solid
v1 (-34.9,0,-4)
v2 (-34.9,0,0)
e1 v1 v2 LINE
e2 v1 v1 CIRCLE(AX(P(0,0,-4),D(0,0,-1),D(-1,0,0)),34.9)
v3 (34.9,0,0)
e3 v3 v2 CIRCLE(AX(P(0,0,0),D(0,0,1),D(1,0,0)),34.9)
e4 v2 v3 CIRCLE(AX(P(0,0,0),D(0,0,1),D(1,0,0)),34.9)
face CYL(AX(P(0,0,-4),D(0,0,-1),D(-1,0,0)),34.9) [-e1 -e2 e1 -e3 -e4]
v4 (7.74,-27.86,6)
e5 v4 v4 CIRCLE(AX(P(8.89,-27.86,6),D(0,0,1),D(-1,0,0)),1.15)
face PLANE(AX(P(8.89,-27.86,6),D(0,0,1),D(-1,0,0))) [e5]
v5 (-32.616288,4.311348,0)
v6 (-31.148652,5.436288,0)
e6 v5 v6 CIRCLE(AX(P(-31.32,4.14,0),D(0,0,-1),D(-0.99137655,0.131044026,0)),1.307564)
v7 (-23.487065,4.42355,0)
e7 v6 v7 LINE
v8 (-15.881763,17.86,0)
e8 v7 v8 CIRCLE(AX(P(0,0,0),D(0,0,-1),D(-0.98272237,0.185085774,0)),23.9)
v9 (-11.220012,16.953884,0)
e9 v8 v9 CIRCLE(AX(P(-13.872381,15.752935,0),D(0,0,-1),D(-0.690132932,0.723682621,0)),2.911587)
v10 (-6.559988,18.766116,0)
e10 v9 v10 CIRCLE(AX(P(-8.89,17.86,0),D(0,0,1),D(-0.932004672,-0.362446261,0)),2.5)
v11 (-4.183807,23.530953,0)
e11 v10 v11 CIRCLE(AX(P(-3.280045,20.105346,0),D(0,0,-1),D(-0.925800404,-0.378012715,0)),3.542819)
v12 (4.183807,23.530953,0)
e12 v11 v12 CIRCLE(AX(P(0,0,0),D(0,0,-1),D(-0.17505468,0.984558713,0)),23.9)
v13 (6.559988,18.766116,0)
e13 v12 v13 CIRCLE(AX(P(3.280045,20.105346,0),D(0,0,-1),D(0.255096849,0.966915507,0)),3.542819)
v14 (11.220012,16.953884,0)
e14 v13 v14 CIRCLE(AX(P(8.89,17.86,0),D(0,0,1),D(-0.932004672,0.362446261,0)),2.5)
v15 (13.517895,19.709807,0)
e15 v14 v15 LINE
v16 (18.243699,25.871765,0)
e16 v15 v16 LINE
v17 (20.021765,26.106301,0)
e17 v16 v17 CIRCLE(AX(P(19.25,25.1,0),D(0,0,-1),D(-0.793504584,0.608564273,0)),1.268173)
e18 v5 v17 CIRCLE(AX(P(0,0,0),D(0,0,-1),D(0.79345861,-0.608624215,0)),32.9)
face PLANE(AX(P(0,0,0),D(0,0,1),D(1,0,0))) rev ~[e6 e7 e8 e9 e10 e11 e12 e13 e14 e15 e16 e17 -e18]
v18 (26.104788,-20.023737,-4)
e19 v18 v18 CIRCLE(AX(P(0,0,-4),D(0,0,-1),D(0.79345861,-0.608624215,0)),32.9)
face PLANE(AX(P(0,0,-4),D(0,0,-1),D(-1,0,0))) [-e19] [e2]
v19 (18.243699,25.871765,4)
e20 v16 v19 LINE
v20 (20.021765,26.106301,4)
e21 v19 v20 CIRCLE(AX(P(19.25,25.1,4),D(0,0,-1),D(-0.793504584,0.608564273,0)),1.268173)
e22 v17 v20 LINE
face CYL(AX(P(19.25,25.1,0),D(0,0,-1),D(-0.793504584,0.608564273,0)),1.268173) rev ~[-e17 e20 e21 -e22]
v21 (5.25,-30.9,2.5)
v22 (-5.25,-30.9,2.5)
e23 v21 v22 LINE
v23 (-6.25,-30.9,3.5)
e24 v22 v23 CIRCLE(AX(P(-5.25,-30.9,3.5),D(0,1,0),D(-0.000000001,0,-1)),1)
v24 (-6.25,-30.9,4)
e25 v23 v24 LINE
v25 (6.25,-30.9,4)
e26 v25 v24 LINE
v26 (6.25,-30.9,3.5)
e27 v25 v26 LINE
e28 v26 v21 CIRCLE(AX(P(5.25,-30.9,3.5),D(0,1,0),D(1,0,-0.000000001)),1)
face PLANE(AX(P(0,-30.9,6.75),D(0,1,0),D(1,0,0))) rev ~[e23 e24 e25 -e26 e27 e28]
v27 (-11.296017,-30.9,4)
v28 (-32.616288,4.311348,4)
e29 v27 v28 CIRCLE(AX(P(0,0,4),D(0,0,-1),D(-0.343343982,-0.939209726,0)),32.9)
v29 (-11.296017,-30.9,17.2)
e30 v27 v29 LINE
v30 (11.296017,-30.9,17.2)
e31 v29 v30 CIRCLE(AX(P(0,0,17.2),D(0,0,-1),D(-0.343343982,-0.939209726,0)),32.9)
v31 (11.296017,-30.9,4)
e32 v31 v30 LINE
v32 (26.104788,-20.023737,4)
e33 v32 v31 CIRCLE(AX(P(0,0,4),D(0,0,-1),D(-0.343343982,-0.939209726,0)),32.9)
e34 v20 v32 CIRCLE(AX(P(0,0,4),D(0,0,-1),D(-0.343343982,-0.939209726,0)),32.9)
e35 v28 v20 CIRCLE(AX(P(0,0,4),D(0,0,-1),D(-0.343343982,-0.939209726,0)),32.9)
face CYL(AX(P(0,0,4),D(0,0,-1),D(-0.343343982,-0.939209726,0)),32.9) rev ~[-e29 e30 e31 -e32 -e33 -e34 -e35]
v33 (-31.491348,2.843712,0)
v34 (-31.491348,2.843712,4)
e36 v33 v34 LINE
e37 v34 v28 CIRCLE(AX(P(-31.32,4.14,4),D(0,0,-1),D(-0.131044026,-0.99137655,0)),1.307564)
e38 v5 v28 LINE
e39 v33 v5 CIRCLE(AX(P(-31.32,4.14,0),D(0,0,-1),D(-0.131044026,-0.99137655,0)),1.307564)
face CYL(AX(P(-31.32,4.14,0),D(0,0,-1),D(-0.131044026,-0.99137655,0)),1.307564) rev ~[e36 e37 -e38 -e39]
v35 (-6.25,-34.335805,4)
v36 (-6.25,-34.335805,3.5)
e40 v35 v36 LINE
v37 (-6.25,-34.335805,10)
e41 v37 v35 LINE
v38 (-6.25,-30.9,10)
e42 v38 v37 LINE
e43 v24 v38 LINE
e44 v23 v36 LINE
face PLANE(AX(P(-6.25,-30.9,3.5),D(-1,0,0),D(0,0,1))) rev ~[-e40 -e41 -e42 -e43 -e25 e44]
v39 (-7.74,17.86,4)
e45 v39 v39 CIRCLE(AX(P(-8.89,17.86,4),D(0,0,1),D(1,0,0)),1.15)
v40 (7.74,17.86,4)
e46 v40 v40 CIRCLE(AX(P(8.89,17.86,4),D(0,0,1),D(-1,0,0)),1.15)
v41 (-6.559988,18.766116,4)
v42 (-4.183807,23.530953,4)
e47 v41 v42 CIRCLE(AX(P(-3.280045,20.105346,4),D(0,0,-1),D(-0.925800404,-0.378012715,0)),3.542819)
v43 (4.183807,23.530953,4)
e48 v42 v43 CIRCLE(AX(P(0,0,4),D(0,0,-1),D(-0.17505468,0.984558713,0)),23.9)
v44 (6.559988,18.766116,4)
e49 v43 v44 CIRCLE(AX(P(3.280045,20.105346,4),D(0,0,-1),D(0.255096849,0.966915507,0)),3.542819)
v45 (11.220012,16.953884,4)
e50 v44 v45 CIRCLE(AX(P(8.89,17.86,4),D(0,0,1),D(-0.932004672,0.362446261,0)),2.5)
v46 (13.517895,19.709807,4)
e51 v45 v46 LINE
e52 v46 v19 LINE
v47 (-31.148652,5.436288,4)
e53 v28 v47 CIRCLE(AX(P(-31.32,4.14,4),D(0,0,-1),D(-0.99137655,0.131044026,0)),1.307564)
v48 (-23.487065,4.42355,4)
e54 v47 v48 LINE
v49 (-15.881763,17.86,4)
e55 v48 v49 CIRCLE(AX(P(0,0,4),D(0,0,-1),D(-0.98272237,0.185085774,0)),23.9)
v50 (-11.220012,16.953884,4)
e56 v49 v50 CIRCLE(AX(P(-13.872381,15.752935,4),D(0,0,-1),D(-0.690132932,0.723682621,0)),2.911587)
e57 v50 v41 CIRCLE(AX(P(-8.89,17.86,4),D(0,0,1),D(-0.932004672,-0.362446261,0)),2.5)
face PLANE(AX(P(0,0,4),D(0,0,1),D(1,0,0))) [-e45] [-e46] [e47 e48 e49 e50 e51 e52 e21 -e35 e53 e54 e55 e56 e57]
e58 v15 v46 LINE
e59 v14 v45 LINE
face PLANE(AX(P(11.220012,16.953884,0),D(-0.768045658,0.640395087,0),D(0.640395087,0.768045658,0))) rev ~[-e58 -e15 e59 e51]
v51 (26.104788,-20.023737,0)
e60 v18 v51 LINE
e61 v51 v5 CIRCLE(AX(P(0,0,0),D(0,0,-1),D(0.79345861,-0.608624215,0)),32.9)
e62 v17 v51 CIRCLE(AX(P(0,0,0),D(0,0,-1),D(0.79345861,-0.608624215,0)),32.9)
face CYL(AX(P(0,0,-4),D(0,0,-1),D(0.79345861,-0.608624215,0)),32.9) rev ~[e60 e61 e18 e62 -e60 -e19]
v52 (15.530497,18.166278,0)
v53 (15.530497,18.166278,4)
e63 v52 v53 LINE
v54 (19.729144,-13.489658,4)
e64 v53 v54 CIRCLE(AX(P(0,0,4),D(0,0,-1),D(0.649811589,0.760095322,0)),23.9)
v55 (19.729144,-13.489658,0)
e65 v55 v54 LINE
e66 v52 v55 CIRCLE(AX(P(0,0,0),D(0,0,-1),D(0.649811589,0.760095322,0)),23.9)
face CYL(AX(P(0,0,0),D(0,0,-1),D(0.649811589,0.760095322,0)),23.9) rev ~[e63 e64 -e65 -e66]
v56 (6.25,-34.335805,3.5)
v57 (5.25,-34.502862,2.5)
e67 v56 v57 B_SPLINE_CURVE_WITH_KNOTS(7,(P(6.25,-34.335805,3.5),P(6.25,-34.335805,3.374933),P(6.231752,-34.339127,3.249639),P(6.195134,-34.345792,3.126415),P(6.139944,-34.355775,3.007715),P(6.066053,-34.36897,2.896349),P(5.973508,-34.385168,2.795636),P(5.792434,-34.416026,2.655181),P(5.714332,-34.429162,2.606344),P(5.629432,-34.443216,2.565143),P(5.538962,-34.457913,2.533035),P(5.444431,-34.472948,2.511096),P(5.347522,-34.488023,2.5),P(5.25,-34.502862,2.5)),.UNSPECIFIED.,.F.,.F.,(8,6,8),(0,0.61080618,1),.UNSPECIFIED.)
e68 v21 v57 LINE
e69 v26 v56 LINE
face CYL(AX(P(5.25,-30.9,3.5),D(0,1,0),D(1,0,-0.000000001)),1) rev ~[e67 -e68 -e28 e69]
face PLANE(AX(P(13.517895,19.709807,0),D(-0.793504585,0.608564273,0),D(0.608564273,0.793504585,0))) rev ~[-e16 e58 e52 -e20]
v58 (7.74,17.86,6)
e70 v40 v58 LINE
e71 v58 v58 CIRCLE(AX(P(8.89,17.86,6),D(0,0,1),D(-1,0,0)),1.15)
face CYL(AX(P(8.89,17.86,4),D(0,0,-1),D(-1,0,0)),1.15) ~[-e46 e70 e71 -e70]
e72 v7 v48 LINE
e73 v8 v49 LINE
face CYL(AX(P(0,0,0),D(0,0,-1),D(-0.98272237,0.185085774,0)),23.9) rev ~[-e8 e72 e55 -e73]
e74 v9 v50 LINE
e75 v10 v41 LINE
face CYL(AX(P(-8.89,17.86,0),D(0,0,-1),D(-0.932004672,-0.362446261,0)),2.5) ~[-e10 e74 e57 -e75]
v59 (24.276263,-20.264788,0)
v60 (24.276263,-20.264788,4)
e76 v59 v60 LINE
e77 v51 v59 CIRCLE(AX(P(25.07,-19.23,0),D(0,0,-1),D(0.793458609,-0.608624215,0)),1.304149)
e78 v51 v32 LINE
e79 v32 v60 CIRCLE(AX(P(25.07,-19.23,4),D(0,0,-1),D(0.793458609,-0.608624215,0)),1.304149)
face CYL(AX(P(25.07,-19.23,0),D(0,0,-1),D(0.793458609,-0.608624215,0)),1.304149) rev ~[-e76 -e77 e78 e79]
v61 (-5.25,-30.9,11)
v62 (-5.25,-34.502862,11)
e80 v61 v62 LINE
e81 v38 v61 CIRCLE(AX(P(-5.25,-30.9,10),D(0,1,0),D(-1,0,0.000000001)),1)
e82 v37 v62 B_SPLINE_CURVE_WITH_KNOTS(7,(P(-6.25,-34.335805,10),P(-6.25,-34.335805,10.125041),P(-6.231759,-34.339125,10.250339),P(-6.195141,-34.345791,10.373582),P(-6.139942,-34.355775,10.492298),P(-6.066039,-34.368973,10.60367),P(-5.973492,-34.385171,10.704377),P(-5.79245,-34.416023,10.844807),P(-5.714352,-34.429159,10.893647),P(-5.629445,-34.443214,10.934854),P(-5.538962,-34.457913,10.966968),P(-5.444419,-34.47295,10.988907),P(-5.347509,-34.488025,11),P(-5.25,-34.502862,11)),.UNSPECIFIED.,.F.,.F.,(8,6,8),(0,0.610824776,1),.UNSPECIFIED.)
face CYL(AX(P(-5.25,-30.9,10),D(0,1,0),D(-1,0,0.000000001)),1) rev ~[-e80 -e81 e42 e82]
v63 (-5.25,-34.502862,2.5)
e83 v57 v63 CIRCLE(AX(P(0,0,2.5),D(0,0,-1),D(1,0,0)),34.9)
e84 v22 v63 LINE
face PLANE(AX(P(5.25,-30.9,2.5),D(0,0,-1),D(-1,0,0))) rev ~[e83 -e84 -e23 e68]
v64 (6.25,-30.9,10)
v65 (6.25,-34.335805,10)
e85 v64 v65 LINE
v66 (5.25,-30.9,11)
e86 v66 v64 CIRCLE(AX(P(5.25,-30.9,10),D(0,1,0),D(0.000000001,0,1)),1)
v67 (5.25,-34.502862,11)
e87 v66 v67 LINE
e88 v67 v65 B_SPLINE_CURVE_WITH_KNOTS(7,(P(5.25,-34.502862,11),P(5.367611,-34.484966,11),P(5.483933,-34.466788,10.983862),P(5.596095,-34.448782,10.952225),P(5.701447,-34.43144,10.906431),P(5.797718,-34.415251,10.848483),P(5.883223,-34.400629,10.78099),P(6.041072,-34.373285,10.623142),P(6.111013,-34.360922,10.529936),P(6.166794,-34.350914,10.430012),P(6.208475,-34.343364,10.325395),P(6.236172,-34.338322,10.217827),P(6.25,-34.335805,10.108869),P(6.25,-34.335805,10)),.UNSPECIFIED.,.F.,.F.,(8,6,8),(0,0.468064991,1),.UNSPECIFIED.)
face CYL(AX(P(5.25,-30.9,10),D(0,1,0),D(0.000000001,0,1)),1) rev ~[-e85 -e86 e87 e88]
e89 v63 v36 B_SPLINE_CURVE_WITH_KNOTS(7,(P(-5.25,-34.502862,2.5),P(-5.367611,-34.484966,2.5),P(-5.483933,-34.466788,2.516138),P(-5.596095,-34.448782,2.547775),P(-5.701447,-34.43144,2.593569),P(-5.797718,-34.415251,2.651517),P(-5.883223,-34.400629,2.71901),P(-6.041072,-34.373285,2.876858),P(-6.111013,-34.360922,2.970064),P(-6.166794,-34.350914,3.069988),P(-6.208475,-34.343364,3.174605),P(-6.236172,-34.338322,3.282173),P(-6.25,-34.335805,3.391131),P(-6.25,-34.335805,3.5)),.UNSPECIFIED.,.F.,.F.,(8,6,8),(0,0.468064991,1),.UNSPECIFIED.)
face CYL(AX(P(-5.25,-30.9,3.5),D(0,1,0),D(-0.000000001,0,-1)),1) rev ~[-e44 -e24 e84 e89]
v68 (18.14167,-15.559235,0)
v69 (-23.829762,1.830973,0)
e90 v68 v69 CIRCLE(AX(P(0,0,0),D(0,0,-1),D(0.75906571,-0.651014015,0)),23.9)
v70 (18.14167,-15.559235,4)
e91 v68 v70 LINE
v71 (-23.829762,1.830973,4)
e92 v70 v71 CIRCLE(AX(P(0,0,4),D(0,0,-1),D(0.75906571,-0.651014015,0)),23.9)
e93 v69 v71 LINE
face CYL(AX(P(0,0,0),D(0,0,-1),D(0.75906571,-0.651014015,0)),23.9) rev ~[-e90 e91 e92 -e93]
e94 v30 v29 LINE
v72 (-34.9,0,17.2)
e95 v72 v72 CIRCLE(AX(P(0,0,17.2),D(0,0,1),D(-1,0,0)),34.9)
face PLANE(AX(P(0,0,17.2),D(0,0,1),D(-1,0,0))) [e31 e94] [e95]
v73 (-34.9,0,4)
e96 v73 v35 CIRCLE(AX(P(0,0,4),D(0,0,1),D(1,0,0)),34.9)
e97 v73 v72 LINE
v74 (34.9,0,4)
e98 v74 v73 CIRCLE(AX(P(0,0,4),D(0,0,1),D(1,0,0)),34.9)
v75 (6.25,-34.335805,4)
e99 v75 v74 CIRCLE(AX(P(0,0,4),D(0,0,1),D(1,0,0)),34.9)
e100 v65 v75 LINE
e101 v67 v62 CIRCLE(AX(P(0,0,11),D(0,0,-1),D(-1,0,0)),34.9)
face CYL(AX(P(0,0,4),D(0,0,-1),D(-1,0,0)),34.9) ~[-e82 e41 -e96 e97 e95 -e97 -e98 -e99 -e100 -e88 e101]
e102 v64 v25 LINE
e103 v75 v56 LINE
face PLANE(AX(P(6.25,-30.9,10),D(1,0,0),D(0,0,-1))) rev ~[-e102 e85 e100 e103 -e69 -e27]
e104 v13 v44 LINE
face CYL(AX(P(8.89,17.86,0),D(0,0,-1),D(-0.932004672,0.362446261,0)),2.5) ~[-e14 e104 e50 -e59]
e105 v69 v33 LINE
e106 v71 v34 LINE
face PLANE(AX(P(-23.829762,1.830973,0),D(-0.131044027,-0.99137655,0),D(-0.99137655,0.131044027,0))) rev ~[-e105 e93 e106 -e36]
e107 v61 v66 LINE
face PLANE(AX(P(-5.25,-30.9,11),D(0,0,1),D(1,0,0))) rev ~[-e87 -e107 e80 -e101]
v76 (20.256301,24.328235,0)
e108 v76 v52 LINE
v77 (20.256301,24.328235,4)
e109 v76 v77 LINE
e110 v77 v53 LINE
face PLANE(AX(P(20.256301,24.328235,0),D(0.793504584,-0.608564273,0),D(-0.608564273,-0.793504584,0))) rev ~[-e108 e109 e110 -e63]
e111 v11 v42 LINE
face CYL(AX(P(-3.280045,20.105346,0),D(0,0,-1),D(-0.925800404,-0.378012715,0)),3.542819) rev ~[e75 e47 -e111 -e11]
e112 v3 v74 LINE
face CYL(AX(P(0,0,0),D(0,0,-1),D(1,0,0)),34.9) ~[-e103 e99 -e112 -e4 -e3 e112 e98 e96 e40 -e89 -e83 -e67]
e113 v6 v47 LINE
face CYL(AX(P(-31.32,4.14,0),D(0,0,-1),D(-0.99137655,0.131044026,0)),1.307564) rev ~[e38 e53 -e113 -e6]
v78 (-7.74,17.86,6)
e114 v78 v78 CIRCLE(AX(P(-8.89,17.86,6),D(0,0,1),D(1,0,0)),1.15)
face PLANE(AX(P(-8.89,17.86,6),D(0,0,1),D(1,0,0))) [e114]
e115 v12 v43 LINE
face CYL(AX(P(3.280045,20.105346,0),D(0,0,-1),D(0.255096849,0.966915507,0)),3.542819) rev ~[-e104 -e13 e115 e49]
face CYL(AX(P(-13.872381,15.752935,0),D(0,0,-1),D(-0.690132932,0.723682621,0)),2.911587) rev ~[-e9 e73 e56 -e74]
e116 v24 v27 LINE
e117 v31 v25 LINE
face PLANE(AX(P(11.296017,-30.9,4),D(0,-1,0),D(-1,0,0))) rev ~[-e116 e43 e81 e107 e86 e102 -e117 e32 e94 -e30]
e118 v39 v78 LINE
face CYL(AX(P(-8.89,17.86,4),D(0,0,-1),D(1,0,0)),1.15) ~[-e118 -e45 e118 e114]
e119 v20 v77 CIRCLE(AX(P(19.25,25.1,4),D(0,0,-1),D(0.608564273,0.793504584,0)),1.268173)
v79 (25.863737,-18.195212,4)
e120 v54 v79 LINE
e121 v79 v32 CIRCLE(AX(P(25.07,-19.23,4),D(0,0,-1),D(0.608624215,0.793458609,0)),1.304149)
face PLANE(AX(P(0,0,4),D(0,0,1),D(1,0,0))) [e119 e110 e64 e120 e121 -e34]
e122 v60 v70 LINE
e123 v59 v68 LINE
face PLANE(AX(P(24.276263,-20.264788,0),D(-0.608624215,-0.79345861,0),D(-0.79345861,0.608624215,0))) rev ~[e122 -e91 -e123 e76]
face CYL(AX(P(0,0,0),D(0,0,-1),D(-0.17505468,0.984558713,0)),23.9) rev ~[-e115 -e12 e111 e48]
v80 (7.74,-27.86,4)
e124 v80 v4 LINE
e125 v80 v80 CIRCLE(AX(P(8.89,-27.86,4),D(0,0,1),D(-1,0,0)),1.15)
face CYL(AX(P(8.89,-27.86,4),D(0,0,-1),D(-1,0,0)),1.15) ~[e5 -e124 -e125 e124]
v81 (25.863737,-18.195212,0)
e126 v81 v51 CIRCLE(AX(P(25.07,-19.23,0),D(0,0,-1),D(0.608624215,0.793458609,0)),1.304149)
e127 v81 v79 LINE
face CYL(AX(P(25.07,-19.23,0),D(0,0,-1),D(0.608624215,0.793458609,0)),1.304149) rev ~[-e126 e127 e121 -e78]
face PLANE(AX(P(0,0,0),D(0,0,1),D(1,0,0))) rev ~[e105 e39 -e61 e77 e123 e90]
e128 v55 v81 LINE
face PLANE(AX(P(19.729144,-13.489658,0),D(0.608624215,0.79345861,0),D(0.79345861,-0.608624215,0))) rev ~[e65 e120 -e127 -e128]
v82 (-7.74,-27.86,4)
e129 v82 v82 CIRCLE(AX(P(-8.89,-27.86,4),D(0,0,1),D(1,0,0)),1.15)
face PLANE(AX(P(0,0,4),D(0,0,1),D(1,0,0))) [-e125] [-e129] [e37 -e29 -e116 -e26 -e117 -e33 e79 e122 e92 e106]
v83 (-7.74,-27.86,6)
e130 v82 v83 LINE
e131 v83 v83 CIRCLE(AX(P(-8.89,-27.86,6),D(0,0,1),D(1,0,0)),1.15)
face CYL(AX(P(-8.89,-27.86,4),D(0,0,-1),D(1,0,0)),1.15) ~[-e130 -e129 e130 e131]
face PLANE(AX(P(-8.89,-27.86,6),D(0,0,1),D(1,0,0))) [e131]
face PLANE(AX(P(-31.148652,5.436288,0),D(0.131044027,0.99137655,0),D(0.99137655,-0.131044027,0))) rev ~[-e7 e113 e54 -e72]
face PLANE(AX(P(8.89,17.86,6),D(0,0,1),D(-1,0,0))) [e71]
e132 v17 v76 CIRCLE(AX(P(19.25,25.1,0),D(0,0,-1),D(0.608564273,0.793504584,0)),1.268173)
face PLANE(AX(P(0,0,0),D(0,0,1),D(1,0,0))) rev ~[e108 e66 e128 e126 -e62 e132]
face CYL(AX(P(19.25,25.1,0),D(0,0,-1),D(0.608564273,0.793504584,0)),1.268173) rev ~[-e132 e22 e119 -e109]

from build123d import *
from build123d.topology import SkipClean

# Parameters (mm, degrees)
ESQUISSE_SUPPORT_R      = 34.9
BOSS_EXTRU_1_DEPTH      = 4
ESQUISSE6_R             = 1.15
BOSS_EXTRU_2_DEPTH      = 2
BOSS_EXTRU_3_START      = 4
ESQUISSE7_R             = 34.9
ESQUISSE7_R_2           = 32.9
BOSS_EXTRU_3_DEPTH      = 4
ESQUISSE8_R             = 34.9
BOSS_EXTRU_5_DEPTH      = 13.2
ENL_V_MAT_EXTRU_1_DEPTH = 10


with BuildPart() as part:
    # Esquisse_support → Boss.-Extru.1 (new body)
    with BuildSketch(Plane.XY):
        Circle(ESQUISSE_SUPPORT_R)
        with BuildLine():
            ThreePointArc((-6.559988321, 18.766115653), (-6.450497051, 21.686422251), (-4.183806862, 23.530953235))
            ThreePointArc((-4.183806862, 23.530953235), (0, 23.9), (4.183806862, 23.530953235))
            ThreePointArc((4.183806862, 23.530953235), (6.450497051, 21.686422251), (6.559988321, 18.766115653))
            ThreePointArc((6.559988321, 18.766115653), (7.983884347, 15.529988321), (11.220011679, 16.953884347))
            Line((11.220011679, 16.953884347), (13.517895322, 19.709807357))
            Line((13.517895322, 19.709807357), (18.243699169, 25.871764581))
            ThreePointArc((18.243699169, 25.871764581), (19.084157828, 26.35728211), (20.021764581, 26.106300831))
            ThreePointArc((20.021764581, 26.106300831), (20.50728211, 25.265842172), (20.256300831, 24.328235419))
            Line((20.256300831, 24.328235419), (15.530496983, 18.166278195))
            ThreePointArc((15.530496983, 18.166278195), (23.692512492, 3.142427693), (19.729143793, -13.489658454))
            Line((19.729143793, -13.489658454), (25.863736665, -18.195211742))
            ThreePointArc((25.863736665, -18.195211742), (26.362962372, -19.059550784), (26.104788258, -20.023736665))
            ThreePointArc((26.104788258, -20.023736665), (25.240449216, -20.522962372), (24.276263335, -20.264788258))
            Line((24.276263335, -20.264788258), (18.141670463, -15.559234969))
            ThreePointArc((18.141670463, -15.559234969), (-9.148411266, -22.079777429), (-23.829761597, 1.830973023))
            Line((-23.829761597, 1.830973023), (-31.491348477, 2.843711519))
            ThreePointArc((-31.491348477, 2.843711519), (-32.357776046, 3.344547295), (-32.616288481, 4.311348477))
            ThreePointArc((-32.616288481, 4.311348477), (-32.115452705, 5.177776046), (-31.148651523, 5.436288481))
            Line((-31.148651523, 5.436288481), (-23.487064643, 4.423549986))
            ThreePointArc((-23.487064643, 4.423549986), (-20.799295594, 11.772820511), (-15.881763126, 17.86))
            ThreePointArc((-15.881763126, 17.86), (-13.316845537, 18.611032405), (-11.220011679, 16.953884347))
            ThreePointArc((-11.220011679, 16.953884347), (-7.983884347, 15.529988321), (-6.559988321, 18.766115653))
        make_face(mode=Mode.SUBTRACT)
    extrude(amount=BOSS_EXTRU_1_DEPTH)

    # Esquisse6 → Boss.-Extru.2 (add)
    with BuildSketch(Plane.XY.offset(4)):
        with Locations((-8.89, 17.86)):
            Circle(ESQUISSE6_R)
        with Locations((-8.89, -27.86)):
            Circle(ESQUISSE6_R)
        with Locations(Location((8.89, -27.86, 0), (0, 0, 180))):
            Circle(ESQUISSE6_R)
        with Locations(Location((8.89, 17.86, 0), (0, 0, 180))):
            Circle(ESQUISSE6_R)
    extrude(amount=BOSS_EXTRU_2_DEPTH)

    # Esquisse7 → Boss.-Extru.3 (add)
    with BuildSketch(Plane(origin=(0, 0, 0), x_dir=(-1, 0, 0), z_dir=(0, 0, -1)).offset(BOSS_EXTRU_3_START)):
        Circle(ESQUISSE7_R)
        with Locations(Location((0, 0, 0), (0, 0, 217.490091077))):
            Circle(ESQUISSE7_R_2, mode=Mode.SUBTRACT)
    extrude(amount=-BOSS_EXTRU_3_DEPTH)

    # Esquisse8 → Boss.-Extru.5 (add)
    with BuildSketch(Plane.XY.offset(4)):
        with Locations(Location((0, 0, 0), (0, 0, 180))):
            Circle(ESQUISSE8_R)
        with BuildLine():
            ThreePointArc((-11.296016997, -30.9), (0, 32.9), (11.296016997, -30.9))
            Line((11.296016997, -30.9), (-11.296016997, -30.9))
        make_face(mode=Mode.SUBTRACT)
    extrude(amount=BOSS_EXTRU_5_DEPTH)

    # Ouverture_USB → Enlèv. mat.-Extru.1 (cut)
    with SkipClean():  # the faces are left unmerged after this step: merging them gives an invalid solid
        with BuildSketch(Plane(origin=(0, -30.9, 0), x_dir=(1, 0, 0), z_dir=(0, 1, 0))):
            with BuildLine():
                Line((-5.25, -11), (5.25, -11))
                ThreePointArc((5.25, -11), (5.957106781, -10.707106781), (6.25, -10))
                Line((6.25, -10), (6.25, -3.5))
                ThreePointArc((6.25, -3.5), (5.957106781, -2.792893219), (5.25, -2.5))
                Line((5.25, -2.5), (-5.25, -2.5))
                ThreePointArc((-5.25, -2.5), (-5.957106781, -2.792893219), (-6.25, -3.5))
                Line((-6.25, -3.5), (-6.25, -10))
                ThreePointArc((-6.25, -10), (-5.957106781, -10.707106781), (-5.25, -11))
            make_face()
        extrude(amount=-ENL_V_MAT_EXTRU_1_DEPTH, mode=Mode.SUBTRACT)


solid = part.part
